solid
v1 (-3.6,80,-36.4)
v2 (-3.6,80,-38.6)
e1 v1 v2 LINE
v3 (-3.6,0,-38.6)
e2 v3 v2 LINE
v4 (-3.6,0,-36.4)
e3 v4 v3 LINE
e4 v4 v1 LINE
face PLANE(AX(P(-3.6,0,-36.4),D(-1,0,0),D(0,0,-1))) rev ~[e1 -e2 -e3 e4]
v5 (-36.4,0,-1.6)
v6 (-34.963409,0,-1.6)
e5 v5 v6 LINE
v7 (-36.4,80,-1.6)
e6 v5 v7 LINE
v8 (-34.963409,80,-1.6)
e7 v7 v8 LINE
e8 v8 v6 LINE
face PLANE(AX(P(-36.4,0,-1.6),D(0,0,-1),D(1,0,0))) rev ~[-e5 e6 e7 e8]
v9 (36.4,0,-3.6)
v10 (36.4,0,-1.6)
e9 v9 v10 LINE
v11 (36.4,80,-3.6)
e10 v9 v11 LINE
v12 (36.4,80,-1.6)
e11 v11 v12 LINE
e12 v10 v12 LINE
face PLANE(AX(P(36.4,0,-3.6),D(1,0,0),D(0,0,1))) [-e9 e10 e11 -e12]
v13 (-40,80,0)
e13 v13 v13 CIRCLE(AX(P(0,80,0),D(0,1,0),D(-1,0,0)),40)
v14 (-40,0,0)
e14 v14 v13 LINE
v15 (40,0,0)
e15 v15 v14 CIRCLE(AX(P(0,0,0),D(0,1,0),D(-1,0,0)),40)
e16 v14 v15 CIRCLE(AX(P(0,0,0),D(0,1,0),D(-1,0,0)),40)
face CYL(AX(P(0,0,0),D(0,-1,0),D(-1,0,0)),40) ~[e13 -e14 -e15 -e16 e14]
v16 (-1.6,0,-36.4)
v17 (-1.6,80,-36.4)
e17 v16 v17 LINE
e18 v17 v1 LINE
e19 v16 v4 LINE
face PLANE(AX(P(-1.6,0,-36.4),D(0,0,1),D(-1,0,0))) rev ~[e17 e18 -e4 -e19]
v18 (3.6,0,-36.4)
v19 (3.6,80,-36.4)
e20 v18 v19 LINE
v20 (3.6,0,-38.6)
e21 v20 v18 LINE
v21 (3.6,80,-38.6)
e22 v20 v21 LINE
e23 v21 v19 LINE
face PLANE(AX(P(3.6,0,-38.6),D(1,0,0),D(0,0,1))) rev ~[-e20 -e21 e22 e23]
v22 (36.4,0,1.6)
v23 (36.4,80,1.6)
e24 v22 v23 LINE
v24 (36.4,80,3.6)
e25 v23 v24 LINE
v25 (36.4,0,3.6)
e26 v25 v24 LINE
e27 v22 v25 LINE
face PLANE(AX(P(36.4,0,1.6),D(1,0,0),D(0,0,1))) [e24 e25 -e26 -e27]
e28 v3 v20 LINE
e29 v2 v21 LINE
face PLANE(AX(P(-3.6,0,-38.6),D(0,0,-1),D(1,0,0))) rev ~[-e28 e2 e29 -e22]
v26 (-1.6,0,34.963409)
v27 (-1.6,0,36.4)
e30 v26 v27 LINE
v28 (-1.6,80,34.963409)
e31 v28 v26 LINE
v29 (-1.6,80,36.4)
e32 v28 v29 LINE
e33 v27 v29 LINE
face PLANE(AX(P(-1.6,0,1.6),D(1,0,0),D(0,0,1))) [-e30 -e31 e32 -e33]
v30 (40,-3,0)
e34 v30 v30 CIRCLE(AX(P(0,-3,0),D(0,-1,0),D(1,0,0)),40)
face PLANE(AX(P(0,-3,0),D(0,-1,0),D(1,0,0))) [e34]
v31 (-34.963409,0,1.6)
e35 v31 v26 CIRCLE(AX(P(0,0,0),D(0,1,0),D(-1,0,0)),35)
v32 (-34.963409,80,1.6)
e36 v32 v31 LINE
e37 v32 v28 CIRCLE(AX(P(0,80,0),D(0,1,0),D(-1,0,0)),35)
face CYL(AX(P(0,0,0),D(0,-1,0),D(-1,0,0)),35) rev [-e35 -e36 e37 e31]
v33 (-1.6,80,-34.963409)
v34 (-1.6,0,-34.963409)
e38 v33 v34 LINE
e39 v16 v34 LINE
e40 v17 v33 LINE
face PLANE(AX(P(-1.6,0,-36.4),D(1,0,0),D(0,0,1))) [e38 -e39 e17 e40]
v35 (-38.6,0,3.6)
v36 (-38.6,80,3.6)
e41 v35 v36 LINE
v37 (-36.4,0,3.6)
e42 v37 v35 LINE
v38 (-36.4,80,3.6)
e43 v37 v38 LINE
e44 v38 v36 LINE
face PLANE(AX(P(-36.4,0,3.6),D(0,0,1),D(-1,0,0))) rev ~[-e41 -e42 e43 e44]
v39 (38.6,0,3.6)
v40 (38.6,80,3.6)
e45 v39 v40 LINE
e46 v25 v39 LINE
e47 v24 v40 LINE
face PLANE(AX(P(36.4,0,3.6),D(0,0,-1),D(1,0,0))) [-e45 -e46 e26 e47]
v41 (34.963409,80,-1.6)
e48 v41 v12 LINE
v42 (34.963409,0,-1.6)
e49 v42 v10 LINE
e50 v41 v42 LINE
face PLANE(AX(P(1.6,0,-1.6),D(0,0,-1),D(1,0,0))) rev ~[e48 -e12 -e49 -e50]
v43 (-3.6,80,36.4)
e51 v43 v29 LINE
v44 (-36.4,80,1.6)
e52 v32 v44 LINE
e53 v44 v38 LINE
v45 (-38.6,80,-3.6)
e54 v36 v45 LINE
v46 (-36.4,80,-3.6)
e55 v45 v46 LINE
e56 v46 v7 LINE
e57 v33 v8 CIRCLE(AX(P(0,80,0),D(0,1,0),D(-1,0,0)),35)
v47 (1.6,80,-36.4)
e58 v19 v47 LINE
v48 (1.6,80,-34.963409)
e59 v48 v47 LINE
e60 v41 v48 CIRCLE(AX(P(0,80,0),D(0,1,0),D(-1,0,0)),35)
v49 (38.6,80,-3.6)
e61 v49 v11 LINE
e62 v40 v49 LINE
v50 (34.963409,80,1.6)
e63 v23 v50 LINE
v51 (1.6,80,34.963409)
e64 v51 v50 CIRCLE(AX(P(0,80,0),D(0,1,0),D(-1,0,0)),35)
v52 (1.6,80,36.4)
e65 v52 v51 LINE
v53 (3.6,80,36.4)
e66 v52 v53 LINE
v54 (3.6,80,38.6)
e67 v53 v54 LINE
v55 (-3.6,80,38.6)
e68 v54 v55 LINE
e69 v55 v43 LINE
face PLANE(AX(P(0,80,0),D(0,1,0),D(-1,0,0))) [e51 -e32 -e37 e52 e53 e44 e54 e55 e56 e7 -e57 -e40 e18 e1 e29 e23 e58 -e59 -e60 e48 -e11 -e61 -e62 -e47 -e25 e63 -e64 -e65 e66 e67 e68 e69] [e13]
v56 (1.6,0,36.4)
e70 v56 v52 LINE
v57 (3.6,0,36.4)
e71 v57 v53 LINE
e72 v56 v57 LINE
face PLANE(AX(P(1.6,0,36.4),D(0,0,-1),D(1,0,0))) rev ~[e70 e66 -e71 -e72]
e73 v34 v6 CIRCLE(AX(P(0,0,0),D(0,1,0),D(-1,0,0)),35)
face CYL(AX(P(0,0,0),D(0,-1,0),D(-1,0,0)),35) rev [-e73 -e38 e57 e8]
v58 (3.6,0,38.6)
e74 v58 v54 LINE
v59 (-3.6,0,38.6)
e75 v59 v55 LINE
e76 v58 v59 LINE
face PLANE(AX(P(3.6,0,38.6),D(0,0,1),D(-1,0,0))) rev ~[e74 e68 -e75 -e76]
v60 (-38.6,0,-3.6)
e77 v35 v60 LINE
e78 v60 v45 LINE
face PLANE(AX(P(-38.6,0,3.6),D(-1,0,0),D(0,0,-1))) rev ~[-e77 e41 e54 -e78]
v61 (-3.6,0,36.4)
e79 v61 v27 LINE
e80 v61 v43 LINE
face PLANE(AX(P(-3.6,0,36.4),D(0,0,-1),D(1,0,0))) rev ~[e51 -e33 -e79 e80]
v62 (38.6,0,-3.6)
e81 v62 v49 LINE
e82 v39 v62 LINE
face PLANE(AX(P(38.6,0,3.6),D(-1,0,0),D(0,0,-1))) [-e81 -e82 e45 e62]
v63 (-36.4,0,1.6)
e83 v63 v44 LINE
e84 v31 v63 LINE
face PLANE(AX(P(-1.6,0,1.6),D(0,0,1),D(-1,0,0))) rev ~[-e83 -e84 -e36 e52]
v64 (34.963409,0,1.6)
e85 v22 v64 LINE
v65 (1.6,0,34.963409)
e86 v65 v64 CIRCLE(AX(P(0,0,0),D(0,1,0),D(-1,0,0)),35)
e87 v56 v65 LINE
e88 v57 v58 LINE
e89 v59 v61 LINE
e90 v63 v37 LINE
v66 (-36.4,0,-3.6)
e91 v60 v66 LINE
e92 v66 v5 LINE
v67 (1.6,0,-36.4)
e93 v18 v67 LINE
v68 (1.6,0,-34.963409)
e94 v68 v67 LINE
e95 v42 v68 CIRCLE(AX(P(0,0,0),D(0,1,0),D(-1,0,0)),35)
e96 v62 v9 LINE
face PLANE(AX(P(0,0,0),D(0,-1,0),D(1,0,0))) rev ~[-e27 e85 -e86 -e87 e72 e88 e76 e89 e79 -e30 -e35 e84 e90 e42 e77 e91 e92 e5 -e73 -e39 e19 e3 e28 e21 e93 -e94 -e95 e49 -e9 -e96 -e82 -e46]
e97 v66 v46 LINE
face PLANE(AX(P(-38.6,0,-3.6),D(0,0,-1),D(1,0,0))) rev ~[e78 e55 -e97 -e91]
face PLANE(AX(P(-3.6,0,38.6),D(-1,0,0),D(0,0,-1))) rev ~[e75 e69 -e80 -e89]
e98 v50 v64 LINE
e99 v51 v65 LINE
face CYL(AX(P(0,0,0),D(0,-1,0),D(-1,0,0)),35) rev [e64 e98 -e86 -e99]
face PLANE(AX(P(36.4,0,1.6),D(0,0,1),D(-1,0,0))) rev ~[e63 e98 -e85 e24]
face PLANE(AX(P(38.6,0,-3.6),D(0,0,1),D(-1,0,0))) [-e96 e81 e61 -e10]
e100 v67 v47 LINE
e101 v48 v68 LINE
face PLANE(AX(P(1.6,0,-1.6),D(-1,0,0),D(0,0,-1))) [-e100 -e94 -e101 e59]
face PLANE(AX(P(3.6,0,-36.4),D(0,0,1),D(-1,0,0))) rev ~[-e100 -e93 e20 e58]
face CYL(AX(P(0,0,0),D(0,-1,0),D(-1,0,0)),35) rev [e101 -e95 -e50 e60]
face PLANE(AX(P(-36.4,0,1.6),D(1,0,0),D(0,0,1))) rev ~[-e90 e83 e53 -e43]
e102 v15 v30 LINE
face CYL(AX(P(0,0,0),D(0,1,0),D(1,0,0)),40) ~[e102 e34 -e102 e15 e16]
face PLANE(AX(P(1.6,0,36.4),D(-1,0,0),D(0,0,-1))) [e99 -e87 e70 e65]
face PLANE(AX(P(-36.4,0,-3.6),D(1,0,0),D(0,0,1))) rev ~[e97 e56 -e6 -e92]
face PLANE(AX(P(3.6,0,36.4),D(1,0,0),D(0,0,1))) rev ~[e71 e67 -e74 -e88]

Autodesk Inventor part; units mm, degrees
ref_plane "YZ Plane" through (0, 0, 0) normal (1, 0, 0) x (0, 1, 0)
ref_plane "XZ Plane" through (0, 0, 0) normal (0, 1, 0) x (-1, 0, 0)
ref_plane "XY Plane" through (0, 0, 0) normal (0, 0, 1) x (1, 0, 0)
sketch "スケッチ1" plane through (0, 0, 0) normal (0, 1, 0) x (-1, 0, 0)
  circle A0 centre (0, 0) radius 35
  circle A1 centre (0, 0) radius 40
  dimension "d0" = 70
  dimension "d1" = 80
extrude "押し出し1" add sketch "スケッチ1" along normal blind 80
sketch "スケッチ2" plane through (0, 0, 0) normal (0, -1, 0) x (1, 0, 0)
  line L0 (37.5, 1.6) -> (-37.5, 1.6)
  line L1 (-37.5, 1.6) -> (-37.5, -1.6)
  line L2 (-37.5, -1.6) -> (37.5, -1.6)
  line L3 (37.5, -1.6) -> (37.5, 1.6)
  line L4 (37.5, 1.6) -> (-37.5, -1.6) construction
  line L5 (-37.5, 1.6) -> (37.5, -1.6) construction
  line L6 (-1.6, 37.5) -> (1.6, 37.5)
  line L7 (1.6, 37.5) -> (1.6, -37.5)
  line L8 (1.6, -37.5) -> (-1.6, -37.5)
  line L9 (-1.6, -37.5) -> (-1.6, 37.5)
  line L10 (-1.6, 37.5) -> (1.6, -37.5) construction
  line L11 (1.6, 37.5) -> (-1.6, -37.5) construction
  line L12 (3.6, 38.6) -> (-3.6, 38.6)
  line L13 (-3.6, 38.6) -> (-3.6, 36.4)
  line L14 (-3.6, 36.4) -> (3.6, 36.4)
  line L15 (3.6, 36.4) -> (3.6, 38.6)
  line L16 (3.6, 38.6) -> (-3.6, 36.4) construction
  line L17 (-3.6, 38.6) -> (3.6, 36.4) construction
  line L18 (3.6, -36.4) -> (-3.6, -36.4)
  line L19 (-3.6, -36.4) -> (-3.6, -38.6)
  line L20 (-3.6, -38.6) -> (3.6, -38.6)
  line L21 (3.6, -38.6) -> (3.6, -36.4)
  line L22 (3.6, -36.4) -> (-3.6, -38.6) construction
  line L23 (-3.6, -36.4) -> (3.6, -38.6) construction
  line L24 (36.4, 3.6) -> (38.6, 3.6)
  line L25 (38.6, 3.6) -> (38.6, -3.6)
  line L26 (38.6, -3.6) -> (36.4, -3.6)
  line L27 (36.4, -3.6) -> (36.4, 3.6)
  line L28 (36.4, 3.6) -> (38.6, -3.6) construction
  line L29 (38.6, 3.6) -> (36.4, -3.6) construction
  line L30 (-36.4, 3.6) -> (-38.6, 3.6)
  line L31 (-38.6, 3.6) -> (-38.6, -3.6)
  line L32 (-38.6, -3.6) -> (-36.4, -3.6)
  line L33 (-36.4, -3.6) -> (-36.4, 3.6)
  line L34 (-36.4, 3.6) -> (-38.6, -3.6) construction
  line L35 (-38.6, 3.6) -> (-36.4, -3.6) construction
  point P0 (0, 0)
  point P1 (0, 37.5)
  point P2 (0, -37.5)
  point P3 (37.5, 0)
  point P4 (-37.5, 0)
  dimension "d4" = 75
  dimension "d5" = 3.2
  dimension "d6" = 3.2
  dimension "d7" = 75
  dimension "d8" = 7.2
  dimension "d9" = 2.2
  dimension "d10" = 7.2
  dimension "d11" = 2.2
  dimension "d12" = 2.2
  dimension "d13" = 7.2
  dimension "d14" = 2.2
  dimension "d15" = 7.2
extrude "押し出し2" cut sketch "スケッチ2" against normal blind 80
sketch "スケッチ3" plane through (0, 0, 0) normal (0, -1, 0) x (1, 0, 0)
  circle A0 centre (0, 0) radius 40
extrude "押し出し3" add sketch "スケッチ3" along normal blind 3
properties part number "box"
